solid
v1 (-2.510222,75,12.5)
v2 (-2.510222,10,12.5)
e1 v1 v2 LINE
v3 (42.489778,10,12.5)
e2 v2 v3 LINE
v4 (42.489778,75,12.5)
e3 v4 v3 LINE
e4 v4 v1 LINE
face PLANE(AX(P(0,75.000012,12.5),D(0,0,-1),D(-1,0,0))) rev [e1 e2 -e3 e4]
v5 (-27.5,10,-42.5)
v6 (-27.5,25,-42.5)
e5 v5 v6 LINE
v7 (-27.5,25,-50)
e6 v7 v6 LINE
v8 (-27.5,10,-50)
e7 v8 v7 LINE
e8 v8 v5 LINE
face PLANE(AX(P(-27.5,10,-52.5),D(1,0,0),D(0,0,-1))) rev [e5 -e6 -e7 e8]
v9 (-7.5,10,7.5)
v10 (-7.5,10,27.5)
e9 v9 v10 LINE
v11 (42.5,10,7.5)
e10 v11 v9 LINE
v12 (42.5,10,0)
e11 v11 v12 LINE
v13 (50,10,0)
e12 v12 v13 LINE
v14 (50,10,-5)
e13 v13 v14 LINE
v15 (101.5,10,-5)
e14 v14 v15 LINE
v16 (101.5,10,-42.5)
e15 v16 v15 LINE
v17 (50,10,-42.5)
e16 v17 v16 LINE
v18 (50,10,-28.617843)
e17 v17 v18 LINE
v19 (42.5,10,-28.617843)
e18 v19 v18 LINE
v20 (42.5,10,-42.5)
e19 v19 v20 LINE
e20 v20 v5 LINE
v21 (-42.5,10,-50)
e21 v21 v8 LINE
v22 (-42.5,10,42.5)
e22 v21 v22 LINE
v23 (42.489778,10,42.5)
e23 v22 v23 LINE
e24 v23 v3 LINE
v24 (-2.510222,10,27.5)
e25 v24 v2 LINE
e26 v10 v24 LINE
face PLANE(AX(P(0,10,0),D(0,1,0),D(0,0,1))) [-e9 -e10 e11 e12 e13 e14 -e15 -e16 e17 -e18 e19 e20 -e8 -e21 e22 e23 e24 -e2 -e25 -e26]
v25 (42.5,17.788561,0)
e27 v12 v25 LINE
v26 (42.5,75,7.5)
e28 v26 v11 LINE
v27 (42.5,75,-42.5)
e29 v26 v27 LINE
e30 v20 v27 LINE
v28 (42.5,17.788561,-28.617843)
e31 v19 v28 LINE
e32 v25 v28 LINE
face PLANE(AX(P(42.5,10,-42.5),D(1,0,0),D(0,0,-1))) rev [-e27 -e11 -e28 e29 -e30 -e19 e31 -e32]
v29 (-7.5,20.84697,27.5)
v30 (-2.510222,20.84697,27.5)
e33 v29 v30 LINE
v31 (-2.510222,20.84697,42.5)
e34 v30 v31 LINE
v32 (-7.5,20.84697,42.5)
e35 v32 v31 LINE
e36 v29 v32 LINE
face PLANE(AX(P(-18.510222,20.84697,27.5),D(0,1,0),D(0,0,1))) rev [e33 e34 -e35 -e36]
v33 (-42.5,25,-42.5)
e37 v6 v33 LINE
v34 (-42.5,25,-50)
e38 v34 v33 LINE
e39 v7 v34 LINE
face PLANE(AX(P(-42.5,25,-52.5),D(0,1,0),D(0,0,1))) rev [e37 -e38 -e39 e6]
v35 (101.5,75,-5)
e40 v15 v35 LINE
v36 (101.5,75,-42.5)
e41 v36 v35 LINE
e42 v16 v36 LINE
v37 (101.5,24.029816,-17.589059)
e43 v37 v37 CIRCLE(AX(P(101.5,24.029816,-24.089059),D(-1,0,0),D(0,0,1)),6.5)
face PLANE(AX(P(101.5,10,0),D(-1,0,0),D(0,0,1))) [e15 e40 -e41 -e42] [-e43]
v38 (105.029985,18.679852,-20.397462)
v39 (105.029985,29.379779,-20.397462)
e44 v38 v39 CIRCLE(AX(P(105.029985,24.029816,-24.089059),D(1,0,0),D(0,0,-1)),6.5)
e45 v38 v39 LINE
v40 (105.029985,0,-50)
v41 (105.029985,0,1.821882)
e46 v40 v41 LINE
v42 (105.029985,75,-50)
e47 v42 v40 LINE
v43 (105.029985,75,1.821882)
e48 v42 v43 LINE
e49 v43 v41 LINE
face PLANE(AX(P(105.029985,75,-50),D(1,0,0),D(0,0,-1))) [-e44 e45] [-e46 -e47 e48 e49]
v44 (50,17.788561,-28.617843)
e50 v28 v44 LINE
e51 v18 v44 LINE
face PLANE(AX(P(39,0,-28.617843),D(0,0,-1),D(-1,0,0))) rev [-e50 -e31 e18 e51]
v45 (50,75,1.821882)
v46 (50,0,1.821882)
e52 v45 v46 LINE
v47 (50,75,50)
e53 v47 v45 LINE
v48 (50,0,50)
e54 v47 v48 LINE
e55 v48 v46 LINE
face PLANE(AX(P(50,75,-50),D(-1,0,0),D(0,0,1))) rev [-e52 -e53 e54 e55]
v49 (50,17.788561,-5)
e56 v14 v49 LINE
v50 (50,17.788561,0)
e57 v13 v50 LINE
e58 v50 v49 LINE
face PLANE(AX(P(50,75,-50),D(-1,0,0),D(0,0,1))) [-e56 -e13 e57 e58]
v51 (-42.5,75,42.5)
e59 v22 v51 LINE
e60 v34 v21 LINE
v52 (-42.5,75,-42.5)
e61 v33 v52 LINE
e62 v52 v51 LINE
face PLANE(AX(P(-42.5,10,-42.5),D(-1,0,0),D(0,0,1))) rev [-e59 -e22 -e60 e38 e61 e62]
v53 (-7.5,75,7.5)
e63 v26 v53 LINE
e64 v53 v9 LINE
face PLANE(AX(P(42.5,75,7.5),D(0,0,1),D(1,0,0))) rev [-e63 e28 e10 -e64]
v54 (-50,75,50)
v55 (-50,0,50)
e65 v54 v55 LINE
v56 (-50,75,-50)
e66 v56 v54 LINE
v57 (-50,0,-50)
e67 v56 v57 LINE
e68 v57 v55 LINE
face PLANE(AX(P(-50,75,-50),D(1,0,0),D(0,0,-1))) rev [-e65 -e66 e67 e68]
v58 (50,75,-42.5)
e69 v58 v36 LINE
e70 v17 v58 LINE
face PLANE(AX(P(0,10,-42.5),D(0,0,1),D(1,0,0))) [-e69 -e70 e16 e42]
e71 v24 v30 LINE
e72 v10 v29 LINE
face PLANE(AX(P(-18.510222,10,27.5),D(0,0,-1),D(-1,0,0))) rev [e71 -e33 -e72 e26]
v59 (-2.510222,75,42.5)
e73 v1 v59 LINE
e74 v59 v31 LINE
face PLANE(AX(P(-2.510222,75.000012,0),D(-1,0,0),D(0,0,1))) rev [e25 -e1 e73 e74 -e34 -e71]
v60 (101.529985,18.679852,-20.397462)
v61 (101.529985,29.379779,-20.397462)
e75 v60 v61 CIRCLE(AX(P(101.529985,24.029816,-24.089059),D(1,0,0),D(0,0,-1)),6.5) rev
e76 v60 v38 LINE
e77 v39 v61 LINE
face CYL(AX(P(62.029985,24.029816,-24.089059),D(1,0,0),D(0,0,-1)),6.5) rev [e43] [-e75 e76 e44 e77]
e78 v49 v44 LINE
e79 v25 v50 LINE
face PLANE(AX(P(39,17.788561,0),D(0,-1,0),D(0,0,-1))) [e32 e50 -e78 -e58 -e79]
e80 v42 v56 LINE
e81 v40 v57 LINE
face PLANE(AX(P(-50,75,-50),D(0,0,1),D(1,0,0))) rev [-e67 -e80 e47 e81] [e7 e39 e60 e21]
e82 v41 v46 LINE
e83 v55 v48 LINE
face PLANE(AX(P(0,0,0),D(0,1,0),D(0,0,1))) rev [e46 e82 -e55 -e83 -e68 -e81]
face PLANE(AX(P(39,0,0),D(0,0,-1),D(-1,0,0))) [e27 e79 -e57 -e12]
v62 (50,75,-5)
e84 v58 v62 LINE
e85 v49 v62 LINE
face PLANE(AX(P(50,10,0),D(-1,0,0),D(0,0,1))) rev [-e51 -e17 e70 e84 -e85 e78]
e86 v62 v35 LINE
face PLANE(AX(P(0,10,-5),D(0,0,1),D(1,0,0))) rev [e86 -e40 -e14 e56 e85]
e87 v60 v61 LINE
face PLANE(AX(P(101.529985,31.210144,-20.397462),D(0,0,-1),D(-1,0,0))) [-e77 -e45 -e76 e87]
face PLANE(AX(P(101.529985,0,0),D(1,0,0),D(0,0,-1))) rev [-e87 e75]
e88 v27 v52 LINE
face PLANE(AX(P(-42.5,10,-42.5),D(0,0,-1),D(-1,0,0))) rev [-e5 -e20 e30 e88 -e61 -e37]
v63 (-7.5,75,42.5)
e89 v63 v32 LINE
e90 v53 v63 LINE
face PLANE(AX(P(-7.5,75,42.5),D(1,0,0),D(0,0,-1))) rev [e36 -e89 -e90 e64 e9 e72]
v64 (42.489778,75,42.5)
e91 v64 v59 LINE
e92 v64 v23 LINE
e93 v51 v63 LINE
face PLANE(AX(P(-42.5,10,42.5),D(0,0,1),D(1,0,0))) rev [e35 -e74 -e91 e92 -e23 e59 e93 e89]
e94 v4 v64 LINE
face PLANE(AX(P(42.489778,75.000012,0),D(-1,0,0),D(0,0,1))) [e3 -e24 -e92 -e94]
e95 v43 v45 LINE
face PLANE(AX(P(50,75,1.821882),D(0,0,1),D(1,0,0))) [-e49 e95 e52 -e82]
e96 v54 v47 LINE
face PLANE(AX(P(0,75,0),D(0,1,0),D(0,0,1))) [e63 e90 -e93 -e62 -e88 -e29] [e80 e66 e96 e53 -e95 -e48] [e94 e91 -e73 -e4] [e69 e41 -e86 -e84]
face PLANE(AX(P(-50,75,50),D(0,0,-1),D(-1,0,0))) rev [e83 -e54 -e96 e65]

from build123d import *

# Parameters (mm, degrees)
CROQUIS2_W                 = 100
CROQUIS2_H                 = 100
SALIENTE_EXTRUIR1_DEPTH    = 75
CROQUIS3_W                 = 85
CROQUIS3_H                 = 85
CORTAR_EXTRUIR1_DEPTH      = 65
CROQUIS4_W                 = 50
CROQUIS4_H                 = 35
SALIENTE_EXTRUIR2_DEPTH    = 65
CROQUIS5_W                 = 45
CROQUIS5_H                 = 30
CORTAR_EXTRUIR2_DEPTH      = 1
CORTAR_EXTRUIR2_DEPTH_BACK = 65
CROQUIS6_W                 = 15
CROQUIS6_H                 = 10.846969935
CORTAR_EXTRUIR3_DEPTH      = 16
CROQUIS7_W                 = 28.617843409
CROQUIS7_H                 = 7.788560798
CORTAR_EXTRUIR4_DEPTH      = 11
CROQUIS8_W                 = 55.029985219
CROQUIS8_H                 = 51.821882126
SALIENTE_EXTRUIR3_DEPTH    = 75
CROQUIS9_W                 = 51.5
CROQUIS9_H                 = 37.5
CORTAR_EXTRUIR5_DEPTH      = 65
CROQUIS10_R                = 6.5
CORTAR_EXTRUIR6_DEPTH      = 43
CROQUIS11_W                = 5.616805414
CROQUIS11_H                = 14.360656008
SALIENTE_EXTRUIR9_DEPTH    = 3.5
CROQUIS12_W                = 15
CROQUIS12_H                = 15
CORTAR_EXTRUIR7_DEPTH      = 10


with BuildPart() as part:
    # Croquis2 → Saliente-Extruir1 (new body)
    with BuildSketch(Plane(origin=(0, 0, 0), x_dir=(1, 0, 0), z_dir=(0, 1, 0))):
        Rectangle(CROQUIS2_W, CROQUIS2_H)
    extrude(amount=SALIENTE_EXTRUIR1_DEPTH)

    # Croquis3 → Cortar-Extruir1 (cut)
    with BuildSketch(Plane(origin=(0, 75, 0), x_dir=(1, 0, 0), z_dir=(0, 1, 0))):
        Rectangle(CROQUIS3_W, CROQUIS3_H)
    extrude(amount=-CORTAR_EXTRUIR1_DEPTH, mode=Mode.SUBTRACT)

    # Croquis4 → Saliente-Extruir2 (add, through all)
    with BuildSketch(Plane(origin=(0, 10, 0), x_dir=(1, 0, 0), z_dir=(0, 1, 0))):
        with Locations((17.5, -25)):
            Rectangle(CROQUIS4_W, CROQUIS4_H)
    extrude(amount=SALIENTE_EXTRUIR2_DEPTH)

    # Croquis5 → Cortar-Extruir2 (cut, two sides)
    with BuildSketch(Plane(origin=(0, 75, 0), x_dir=(1, 0, 0), z_dir=(0, 1, 0))) as cortar_extruir2_sk:
        with Locations((19.989777708, -27.5)):
            Rectangle(CROQUIS5_W, CROQUIS5_H)
    extrude(amount=CORTAR_EXTRUIR2_DEPTH, mode=Mode.SUBTRACT)
    extrude(cortar_extruir2_sk.sketch, amount=-CORTAR_EXTRUIR2_DEPTH_BACK, mode=Mode.SUBTRACT)

    # Croquis6 → Cortar-Extruir3 (cut)
    with BuildSketch(Plane(origin=(-2.510222292, 0, 0), x_dir=(0, 0, -1), z_dir=(1, 0, 0))):
        with Locations((-35, 15.423484968)):
            Rectangle(CROQUIS6_W, CROQUIS6_H)
    extrude(amount=-CORTAR_EXTRUIR3_DEPTH, mode=Mode.SUBTRACT)

    # Croquis7 → Cortar-Extruir4 (cut)
    with BuildSketch(Plane(origin=(50, 0, 0), x_dir=(0, 0, -1), z_dir=(1, 0, 0))):
        with Locations((14.308921705, 13.894280399)):
            Rectangle(CROQUIS7_W, CROQUIS7_H)
    extrude(amount=-CORTAR_EXTRUIR4_DEPTH, mode=Mode.SUBTRACT)

    # Croquis8 → Saliente-Extruir3 (add, through all)
    with BuildSketch(Plane.XZ):
        with Locations((77.51499261, -24.089058937)):
            Rectangle(CROQUIS8_W, CROQUIS8_H)
    extrude(amount=-SALIENTE_EXTRUIR3_DEPTH)

    # Croquis9 → Cortar-Extruir5 (cut)
    with BuildSketch(Plane(origin=(0, 75, 0), x_dir=(1, 0, 0), z_dir=(0, 1, 0))):
        with Locations((75.75, 23.75)):
            Rectangle(CROQUIS9_W, CROQUIS9_H)
    extrude(amount=-CORTAR_EXTRUIR5_DEPTH, mode=Mode.SUBTRACT)

    # Croquis10 → Cortar-Extruir6 (cut)
    with BuildSketch(Plane(origin=(105.029985219, 0, 0), x_dir=(0, 0, -1), z_dir=(1, 0, 0))):
        with Locations((24.089058937, 24.029815949)):
            Circle(CROQUIS10_R)
    extrude(amount=-CORTAR_EXTRUIR6_DEPTH, mode=Mode.SUBTRACT)

    # Croquis11 → Saliente-Extruir9 (add)
    with BuildSketch(Plane(origin=(105.029985219, 0, 0), x_dir=(0, 0, -1), z_dir=(1, 0, 0))):
        with Locations((17.589058937, 24.029815949)):
            Rectangle(CROQUIS11_W, CROQUIS11_H)
    extrude(amount=-SALIENTE_EXTRUIR9_DEPTH)

    # Croquis12 → Cortar-Extruir7 (cut)
    with BuildSketch(Plane.XY.offset(-42.5)):
        with Locations((-35, 17.5)):
            Rectangle(CROQUIS12_W, CROQUIS12_H)
    extrude(amount=-CORTAR_EXTRUIR7_DEPTH, mode=Mode.SUBTRACT)


solid = part.part
